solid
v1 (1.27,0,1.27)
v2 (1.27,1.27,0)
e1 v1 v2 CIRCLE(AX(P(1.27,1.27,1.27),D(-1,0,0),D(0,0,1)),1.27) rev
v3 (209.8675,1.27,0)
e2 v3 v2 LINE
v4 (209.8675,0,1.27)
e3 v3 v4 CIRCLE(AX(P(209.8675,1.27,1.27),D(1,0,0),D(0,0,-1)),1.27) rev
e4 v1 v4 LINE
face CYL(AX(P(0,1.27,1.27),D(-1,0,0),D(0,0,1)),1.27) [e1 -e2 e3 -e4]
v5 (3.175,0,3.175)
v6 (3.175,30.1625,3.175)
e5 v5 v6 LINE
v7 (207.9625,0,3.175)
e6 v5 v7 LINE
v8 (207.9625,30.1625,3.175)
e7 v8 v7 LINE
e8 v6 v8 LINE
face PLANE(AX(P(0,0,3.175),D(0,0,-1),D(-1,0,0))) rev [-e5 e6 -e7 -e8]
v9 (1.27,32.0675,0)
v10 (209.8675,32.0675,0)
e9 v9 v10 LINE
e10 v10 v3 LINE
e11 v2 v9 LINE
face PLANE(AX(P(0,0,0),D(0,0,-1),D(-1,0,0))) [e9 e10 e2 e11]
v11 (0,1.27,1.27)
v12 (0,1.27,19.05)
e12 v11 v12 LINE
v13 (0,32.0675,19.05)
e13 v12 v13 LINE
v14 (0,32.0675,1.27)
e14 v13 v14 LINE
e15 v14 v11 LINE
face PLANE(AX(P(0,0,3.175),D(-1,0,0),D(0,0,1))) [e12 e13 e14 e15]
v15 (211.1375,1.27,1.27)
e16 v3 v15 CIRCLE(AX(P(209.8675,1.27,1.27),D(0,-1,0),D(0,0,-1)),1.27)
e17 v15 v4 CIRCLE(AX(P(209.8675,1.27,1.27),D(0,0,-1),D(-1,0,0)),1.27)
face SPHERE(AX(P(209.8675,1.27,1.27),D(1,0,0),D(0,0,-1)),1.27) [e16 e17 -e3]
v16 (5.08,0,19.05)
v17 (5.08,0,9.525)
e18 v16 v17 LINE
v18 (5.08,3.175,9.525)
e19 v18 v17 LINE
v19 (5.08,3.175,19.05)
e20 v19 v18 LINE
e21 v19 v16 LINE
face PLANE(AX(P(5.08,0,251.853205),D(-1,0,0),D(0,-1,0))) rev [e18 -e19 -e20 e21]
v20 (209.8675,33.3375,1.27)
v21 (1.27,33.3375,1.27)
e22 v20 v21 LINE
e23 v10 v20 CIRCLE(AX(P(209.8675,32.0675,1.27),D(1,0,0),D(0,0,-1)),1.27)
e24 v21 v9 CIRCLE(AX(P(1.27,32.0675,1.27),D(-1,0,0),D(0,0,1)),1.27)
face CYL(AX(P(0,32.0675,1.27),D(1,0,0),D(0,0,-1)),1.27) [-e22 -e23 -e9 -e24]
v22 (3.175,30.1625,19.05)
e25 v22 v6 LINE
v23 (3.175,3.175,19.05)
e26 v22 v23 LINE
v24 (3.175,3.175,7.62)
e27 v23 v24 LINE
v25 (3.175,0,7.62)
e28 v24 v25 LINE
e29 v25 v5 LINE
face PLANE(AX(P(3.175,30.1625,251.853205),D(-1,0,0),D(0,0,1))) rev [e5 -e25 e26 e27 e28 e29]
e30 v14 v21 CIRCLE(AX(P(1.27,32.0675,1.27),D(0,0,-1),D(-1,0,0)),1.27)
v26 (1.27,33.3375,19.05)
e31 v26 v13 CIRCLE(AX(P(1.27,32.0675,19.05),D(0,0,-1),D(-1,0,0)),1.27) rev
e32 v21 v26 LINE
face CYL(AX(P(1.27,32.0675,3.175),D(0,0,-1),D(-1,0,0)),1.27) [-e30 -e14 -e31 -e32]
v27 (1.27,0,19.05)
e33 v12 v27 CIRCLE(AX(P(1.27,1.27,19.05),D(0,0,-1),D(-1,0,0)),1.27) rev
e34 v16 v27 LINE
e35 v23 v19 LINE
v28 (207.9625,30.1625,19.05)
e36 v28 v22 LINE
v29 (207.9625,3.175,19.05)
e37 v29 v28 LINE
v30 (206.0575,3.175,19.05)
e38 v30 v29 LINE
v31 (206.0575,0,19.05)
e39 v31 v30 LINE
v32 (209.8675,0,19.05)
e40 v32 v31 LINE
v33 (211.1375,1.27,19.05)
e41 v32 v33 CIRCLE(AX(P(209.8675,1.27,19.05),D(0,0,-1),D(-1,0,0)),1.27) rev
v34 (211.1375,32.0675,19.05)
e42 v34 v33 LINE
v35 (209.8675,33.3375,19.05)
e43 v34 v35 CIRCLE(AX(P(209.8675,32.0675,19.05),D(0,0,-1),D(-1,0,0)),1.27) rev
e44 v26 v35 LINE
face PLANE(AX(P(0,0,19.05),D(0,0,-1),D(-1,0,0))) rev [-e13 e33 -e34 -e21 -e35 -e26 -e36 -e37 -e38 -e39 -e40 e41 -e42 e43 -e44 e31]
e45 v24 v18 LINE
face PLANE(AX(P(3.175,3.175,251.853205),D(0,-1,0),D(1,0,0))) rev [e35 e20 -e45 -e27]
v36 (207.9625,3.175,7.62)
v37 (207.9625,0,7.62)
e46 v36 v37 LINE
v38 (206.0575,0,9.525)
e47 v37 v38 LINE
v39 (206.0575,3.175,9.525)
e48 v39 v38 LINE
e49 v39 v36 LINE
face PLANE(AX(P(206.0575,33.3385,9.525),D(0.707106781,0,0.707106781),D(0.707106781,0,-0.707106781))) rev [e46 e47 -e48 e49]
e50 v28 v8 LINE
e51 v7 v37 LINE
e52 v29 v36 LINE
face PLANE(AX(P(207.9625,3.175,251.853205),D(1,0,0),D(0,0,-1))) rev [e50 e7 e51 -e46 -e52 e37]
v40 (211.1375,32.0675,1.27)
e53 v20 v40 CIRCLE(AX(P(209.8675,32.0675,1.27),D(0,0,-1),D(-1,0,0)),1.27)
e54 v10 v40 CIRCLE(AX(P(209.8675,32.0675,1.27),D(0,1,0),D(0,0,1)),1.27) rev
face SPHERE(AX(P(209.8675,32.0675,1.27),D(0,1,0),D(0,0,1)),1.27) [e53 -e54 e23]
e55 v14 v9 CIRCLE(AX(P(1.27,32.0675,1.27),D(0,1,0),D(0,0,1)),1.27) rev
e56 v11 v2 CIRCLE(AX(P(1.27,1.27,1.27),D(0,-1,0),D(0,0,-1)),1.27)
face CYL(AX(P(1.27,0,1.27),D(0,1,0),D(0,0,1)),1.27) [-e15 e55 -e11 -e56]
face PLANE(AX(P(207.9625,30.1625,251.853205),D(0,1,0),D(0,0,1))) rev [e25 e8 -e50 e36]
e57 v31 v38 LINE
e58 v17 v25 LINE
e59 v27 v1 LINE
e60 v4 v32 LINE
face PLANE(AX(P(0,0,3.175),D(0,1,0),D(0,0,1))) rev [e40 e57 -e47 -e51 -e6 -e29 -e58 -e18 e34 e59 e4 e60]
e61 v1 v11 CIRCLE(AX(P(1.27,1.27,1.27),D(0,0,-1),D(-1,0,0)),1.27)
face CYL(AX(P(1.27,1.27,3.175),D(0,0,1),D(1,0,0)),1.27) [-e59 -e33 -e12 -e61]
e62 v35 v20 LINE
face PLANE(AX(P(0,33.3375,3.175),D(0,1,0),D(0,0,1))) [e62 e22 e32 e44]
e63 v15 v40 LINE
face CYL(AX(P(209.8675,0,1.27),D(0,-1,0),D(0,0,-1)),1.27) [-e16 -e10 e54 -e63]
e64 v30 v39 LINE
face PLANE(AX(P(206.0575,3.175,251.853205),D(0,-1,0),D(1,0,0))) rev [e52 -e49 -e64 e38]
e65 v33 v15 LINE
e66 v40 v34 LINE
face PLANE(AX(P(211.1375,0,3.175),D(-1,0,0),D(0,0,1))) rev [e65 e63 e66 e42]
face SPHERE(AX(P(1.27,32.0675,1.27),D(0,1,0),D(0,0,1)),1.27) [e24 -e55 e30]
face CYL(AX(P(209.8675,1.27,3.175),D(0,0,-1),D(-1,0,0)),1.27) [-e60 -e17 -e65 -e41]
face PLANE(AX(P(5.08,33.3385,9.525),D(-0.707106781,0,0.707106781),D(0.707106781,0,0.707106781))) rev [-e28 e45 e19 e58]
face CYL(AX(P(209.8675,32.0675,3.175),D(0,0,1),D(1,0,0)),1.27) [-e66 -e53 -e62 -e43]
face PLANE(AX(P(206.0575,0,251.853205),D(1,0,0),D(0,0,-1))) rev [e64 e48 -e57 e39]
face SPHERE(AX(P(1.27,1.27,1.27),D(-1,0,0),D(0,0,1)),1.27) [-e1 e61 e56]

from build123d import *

# Parameters (mm, degrees)
SKETCH1_W           = 211.1375
SKETCH1_H           = 33.3375
BOSS_EXTRUDE1_DEPTH = 3.175
BOSS_EXTRUDE2_DEPTH = 15.875
CUT_EXTRUDE1_REACH  = 216.6
FILLET1_R           = 1.27


with BuildPart() as part:
    # Sketch1 → Boss-Extrude1 (new body)
    with BuildSketch(Plane.XY):
        with Locations((105.56875, 16.66875)):
            Rectangle(SKETCH1_W, SKETCH1_H)
    extrude(amount=BOSS_EXTRUDE1_DEPTH)

    # Sketch2 → Boss-Extrude2 (add)
    with BuildSketch(Plane.XY.offset(3.175)):
        Polygon((5.08, 0), (5.08, 3.175), (3.175, 3.175), (3.175, 30.1625), (207.9625, 30.1625), (207.9625, 3.175), (206.0575, 3.175), (206.0575, 0), (211.1375, 0), (211.1375, 33.3375), (0, 33.3375), (0, 0), align=None)
    extrude(amount=BOSS_EXTRUDE2_DEPTH)

    # Sketch3 → Cut-Extrude1 (cut, up to next)
    with BuildSketch(Plane.XZ, mode=Mode.PRIVATE) as cut_extrude1_sk1:
        Polygon((207.9625, 3.175), (206.0575, 3.175), (206.0575, 9.525), (207.9625, 7.62), align=None)
    cut_extrude1_tool1 = extrude(cut_extrude1_sk1.sketch, amount=-CUT_EXTRUDE1_REACH, mode=Mode.PRIVATE) & part.part
    # Sketch3 → Cut-Extrude1 (cut, up to next)
    with BuildSketch(Plane.XZ, mode=Mode.PRIVATE) as cut_extrude1_sk2:
        Polygon((5.08, 9.525), (3.175, 7.62), (3.175, 3.175), (5.08, 3.175), align=None)
    cut_extrude1_tool2 = extrude(cut_extrude1_sk2.sketch, amount=-CUT_EXTRUDE1_REACH, mode=Mode.PRIVATE) & part.part
    add(cut_extrude1_tool1.solids().sort_by_distance((206.953971, 0, 5.901765))[0], mode=Mode.SUBTRACT)
    add(cut_extrude1_tool2.solids().sort_by_distance((4.183529, 0, 5.901765))[0], mode=Mode.SUBTRACT)

    # Fillet1
    fillet1_edges = [part.edges().sort_by_distance(p)[0] for p in [
        (105.56875, 0, 0),
        (211.1375, 16.66875, 0),
        (105.56875, 33.3375, 0),
        (0, 16.66875, 0),
        (0, 0, 9.525),
        (211.1375, 0, 9.525),
        (211.1375, 33.3375, 9.525),
        (0, 33.3375, 9.525),
    ]]
    fillet(fillet1_edges, radius=FILLET1_R)


solid = part.part
